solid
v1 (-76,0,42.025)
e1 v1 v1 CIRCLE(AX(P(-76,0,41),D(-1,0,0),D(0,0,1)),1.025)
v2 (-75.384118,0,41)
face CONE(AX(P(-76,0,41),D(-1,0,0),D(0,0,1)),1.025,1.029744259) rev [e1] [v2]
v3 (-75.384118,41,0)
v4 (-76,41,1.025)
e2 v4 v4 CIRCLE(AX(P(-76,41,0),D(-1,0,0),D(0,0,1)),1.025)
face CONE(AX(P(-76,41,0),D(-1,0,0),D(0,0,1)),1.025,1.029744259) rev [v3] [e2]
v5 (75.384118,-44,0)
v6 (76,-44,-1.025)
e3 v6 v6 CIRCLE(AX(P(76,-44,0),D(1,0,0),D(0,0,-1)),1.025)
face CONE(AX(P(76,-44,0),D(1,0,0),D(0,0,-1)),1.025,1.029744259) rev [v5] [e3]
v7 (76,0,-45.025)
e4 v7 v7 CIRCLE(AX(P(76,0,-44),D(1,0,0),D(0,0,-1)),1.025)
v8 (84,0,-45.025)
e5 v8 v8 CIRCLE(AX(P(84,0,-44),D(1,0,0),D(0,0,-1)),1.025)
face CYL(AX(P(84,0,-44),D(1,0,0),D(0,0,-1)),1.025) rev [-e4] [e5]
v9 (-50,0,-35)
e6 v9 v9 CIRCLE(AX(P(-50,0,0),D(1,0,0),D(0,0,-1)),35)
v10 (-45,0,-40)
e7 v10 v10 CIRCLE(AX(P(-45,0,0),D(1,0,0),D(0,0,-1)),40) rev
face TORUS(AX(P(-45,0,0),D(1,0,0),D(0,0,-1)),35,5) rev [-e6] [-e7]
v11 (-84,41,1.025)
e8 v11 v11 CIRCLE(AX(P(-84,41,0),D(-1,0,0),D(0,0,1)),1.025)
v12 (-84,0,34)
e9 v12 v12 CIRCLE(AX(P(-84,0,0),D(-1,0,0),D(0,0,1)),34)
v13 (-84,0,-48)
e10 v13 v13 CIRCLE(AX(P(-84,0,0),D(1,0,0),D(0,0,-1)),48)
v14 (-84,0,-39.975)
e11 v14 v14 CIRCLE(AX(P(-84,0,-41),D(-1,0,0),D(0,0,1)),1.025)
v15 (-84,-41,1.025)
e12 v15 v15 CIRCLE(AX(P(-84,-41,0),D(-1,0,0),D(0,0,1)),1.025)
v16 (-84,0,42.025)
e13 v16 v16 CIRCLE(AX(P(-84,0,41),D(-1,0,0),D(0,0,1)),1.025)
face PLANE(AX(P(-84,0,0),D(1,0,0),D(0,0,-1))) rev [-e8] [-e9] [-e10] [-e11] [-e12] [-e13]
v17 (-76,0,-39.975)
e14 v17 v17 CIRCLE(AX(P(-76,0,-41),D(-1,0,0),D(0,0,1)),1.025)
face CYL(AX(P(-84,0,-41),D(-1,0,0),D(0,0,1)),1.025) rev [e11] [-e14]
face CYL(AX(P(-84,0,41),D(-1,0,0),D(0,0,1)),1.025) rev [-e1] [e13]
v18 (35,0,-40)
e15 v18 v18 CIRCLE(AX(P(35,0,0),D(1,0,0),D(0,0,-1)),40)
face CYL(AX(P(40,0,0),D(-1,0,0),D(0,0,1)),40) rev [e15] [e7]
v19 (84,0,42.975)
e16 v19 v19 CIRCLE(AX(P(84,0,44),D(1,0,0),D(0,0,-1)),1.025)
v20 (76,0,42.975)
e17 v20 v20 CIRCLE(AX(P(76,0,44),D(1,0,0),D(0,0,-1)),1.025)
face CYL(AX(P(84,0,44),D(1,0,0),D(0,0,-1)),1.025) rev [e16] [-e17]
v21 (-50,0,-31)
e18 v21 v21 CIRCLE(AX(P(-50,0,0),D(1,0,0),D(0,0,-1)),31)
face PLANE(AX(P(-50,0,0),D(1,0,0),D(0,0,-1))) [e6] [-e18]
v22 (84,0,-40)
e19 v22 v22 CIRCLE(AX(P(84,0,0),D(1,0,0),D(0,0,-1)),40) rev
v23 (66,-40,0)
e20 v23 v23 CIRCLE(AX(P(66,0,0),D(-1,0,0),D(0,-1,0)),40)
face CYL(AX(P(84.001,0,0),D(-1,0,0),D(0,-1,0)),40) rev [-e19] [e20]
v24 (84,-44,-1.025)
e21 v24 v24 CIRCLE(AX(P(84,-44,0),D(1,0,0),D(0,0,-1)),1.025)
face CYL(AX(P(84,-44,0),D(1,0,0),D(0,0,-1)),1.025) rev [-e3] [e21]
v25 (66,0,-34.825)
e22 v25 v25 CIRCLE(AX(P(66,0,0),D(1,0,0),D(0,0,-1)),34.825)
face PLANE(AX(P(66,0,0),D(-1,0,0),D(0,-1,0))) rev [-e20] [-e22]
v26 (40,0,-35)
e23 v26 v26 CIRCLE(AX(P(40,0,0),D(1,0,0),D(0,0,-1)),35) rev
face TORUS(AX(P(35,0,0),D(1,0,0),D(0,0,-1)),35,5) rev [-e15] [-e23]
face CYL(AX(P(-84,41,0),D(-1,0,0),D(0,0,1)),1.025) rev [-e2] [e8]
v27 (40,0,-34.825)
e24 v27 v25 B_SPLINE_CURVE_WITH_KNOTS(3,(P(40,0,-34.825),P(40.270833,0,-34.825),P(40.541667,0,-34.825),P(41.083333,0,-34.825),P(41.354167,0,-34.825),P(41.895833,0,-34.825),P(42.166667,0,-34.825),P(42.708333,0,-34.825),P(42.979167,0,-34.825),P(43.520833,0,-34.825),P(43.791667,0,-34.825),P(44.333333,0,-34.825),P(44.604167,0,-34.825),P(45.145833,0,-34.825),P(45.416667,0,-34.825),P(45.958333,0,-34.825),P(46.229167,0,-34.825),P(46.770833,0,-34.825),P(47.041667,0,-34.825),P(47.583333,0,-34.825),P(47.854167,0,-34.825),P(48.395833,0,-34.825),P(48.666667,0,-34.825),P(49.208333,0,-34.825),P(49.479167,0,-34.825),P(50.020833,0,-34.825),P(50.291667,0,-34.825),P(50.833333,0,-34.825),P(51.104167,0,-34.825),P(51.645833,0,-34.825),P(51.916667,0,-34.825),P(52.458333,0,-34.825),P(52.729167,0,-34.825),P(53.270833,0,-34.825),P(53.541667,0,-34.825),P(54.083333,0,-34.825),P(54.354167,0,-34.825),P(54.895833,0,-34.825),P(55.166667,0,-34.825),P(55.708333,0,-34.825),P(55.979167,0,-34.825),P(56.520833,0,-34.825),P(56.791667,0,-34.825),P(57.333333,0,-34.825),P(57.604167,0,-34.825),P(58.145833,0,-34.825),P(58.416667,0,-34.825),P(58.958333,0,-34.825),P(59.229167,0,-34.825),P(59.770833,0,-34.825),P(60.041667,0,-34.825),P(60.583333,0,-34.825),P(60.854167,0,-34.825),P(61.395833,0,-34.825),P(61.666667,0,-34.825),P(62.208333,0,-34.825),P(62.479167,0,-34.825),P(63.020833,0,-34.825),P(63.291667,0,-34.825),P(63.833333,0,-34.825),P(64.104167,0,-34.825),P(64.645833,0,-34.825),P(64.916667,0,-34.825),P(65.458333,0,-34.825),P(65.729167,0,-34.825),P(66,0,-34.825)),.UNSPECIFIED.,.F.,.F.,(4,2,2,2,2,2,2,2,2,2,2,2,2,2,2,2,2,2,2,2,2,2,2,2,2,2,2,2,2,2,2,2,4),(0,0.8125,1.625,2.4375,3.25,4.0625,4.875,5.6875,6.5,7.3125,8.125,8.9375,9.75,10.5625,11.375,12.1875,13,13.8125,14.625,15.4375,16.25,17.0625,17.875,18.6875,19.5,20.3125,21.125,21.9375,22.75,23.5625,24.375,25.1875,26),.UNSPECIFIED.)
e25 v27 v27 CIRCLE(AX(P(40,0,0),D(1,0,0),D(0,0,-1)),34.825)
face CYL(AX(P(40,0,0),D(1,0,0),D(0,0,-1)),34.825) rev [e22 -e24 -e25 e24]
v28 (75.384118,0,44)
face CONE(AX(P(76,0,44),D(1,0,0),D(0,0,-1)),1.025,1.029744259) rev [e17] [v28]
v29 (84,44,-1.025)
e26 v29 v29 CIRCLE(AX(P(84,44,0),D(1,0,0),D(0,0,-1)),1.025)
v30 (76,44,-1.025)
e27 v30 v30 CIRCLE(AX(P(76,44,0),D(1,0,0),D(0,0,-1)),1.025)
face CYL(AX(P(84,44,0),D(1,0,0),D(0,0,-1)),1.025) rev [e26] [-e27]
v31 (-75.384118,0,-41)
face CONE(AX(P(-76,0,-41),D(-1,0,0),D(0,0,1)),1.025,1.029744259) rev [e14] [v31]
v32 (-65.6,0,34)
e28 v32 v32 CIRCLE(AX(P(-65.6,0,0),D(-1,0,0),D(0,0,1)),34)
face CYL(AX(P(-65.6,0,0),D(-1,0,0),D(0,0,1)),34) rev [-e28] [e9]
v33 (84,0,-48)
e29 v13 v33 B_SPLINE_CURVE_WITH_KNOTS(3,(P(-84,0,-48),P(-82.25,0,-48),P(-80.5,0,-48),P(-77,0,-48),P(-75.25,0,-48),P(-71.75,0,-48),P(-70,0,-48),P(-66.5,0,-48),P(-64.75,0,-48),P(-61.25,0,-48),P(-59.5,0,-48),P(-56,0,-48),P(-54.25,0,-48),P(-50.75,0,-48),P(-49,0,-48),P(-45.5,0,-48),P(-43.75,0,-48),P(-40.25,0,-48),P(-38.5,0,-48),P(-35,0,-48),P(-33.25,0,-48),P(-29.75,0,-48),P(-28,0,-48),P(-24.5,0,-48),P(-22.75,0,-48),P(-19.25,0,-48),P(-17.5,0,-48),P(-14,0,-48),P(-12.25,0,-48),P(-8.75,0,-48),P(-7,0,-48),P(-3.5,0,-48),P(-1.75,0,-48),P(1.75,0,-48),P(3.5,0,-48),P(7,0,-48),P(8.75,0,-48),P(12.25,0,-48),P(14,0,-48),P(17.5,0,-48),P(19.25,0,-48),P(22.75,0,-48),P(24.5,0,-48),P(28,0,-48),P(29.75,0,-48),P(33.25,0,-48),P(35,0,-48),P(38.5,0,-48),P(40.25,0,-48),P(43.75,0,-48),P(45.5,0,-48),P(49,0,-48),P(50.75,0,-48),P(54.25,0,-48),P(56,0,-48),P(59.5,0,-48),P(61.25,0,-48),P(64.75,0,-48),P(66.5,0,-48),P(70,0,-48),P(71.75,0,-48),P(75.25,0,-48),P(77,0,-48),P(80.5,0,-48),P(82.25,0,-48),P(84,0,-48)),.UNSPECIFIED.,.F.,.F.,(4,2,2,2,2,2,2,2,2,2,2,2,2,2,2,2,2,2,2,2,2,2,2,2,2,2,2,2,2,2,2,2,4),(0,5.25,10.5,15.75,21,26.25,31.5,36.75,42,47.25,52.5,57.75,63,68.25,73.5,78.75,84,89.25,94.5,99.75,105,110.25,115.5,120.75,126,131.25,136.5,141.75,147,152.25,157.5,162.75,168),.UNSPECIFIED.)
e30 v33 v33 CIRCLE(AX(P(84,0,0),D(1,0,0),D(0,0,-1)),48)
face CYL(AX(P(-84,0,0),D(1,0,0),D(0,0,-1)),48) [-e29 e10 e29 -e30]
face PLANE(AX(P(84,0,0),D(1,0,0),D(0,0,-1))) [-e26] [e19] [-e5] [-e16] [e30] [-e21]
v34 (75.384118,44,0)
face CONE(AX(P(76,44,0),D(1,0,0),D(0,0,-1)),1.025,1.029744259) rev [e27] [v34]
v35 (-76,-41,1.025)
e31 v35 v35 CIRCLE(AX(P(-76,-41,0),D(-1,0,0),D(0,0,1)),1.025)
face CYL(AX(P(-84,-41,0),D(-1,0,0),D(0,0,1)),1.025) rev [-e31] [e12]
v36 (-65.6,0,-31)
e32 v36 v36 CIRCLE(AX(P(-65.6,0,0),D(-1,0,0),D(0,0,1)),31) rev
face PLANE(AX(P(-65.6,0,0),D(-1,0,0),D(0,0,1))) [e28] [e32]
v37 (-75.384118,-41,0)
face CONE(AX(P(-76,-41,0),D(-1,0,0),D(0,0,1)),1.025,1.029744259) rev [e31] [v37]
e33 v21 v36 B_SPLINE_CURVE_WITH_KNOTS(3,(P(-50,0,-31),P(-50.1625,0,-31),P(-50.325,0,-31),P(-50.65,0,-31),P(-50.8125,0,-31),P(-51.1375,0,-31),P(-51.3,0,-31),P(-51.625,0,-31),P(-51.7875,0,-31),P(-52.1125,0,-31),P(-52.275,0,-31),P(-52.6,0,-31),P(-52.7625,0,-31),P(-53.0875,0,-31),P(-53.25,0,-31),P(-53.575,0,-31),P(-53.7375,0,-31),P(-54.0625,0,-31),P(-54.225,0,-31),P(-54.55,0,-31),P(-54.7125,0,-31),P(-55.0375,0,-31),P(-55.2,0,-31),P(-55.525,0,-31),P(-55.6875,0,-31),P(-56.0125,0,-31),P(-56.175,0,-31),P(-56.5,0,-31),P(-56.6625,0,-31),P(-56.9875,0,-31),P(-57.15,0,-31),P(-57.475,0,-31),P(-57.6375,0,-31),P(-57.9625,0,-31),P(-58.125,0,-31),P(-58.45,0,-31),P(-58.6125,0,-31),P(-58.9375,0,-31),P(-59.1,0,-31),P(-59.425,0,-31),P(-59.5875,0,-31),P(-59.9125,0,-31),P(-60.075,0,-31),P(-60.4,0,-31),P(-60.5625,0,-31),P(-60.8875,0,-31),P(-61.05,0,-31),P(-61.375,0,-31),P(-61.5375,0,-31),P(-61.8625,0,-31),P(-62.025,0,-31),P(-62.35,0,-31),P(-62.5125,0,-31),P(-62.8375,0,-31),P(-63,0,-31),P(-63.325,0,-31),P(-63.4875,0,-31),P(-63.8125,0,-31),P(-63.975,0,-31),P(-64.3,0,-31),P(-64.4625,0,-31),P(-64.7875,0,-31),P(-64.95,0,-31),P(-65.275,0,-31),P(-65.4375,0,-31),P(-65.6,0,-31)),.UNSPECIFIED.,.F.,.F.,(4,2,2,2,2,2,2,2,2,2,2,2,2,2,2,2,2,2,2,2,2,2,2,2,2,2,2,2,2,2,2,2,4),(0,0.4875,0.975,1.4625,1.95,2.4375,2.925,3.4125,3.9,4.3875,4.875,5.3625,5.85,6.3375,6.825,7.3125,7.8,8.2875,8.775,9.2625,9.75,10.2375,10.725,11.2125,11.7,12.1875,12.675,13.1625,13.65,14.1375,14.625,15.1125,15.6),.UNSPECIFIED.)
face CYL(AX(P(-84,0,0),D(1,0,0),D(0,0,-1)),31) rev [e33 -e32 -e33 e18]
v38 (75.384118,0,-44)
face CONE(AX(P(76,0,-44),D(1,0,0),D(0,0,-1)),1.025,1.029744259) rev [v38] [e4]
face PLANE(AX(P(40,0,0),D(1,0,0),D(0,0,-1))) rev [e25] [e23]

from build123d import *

# Parameters (mm, degrees)
BOSS_EXTRUDE1_DEPTH          = 84
BOSS_EXTRUDE1_DEPTH_BACK     = 84
SKETCH2_R                    = 48
CUT_EXTRUDE1_DEPTH           = 40
CUT_EXTRUDE1_DEPTH_BACK      = 50
SKETCH3_R                    = 40
CUT_EXTRUDE2_DEPTH           = 109
CUT_EXTRUDE2_DEPTH_BACK      = 109
SKETCH4_R                    = 31
FILLET1_R                    = 5
CUT_EXTRUDE3_REACH           = 176
CUT_EXTRUDE3_START           = -66
SKETCH5_R                    = 40
SKETCH6_R                    = 34
CUT_EXTRUDE4_DEPTH           = 18.4
M2_5X0_45_TAPPED_HOLE1_D     = 2.05
M2_5X0_45_TAPPED_HOLE1_DEPTH = 8
M2_5X0_45_TAPPED_HOLE1_TIP   = 0.615882135
M2_5X0_45_TAPPED_HOLE2_D     = 2.05
M2_5X0_45_TAPPED_HOLE2_DEPTH = 8
M2_5X0_45_TAPPED_HOLE2_TIP   = 0.615882135
CUT_EXTRUDE6_START           = -18
SKETCH14_R                   = 34.825
CUT_EXTRUDE6_DEPTH           = 26


with BuildPart() as part:
    # Sketch2 → Boss-Extrude1 (new, two sides: drawn at the far end of the back side and taken through both)
    with BuildSketch(Plane(origin=(0, 0, 0), x_dir=(0, -1, 0), z_dir=(1, 0, 0)).offset(-BOSS_EXTRUDE1_DEPTH_BACK)):
        with Locations(Location((0, 0, 0), (0, 0, 90))):
            Circle(SKETCH2_R)
    extrude(amount=BOSS_EXTRUDE1_DEPTH + BOSS_EXTRUDE1_DEPTH_BACK)

    # Sketch3 → Cut-Extrude1 (cut, two sides: drawn at the far end of the back side and taken through both)
    with BuildSketch(Plane(origin=(0, 0, 0), x_dir=(0, -1, 0), z_dir=(1, 0, 0)).offset(-CUT_EXTRUDE1_DEPTH_BACK)):
        with Locations(Location((0, 0, 0), (0, 0, 90))):
            Circle(SKETCH3_R)
    extrude(amount=CUT_EXTRUDE1_DEPTH + CUT_EXTRUDE1_DEPTH_BACK, mode=Mode.SUBTRACT)

    # Sketch4 → Cut-Extrude2 (cut, two sides: drawn at the far end of the back side and taken through both)
    with BuildSketch(Plane(origin=(0, 0, 0), x_dir=(0, -1, 0), z_dir=(1, 0, 0)).offset(-CUT_EXTRUDE2_DEPTH_BACK)):
        with Locations(Location((0, 0, 0), (0, 0, 90))):
            Circle(SKETCH4_R)
    extrude(amount=CUT_EXTRUDE2_DEPTH + CUT_EXTRUDE2_DEPTH_BACK, mode=Mode.SUBTRACT)

    # Fillet1
    fillet1_edges = [part.edges().sort_by_distance(p)[0] for p in [
        (40, 0, 40),
        (-50, 0, 40),
    ]]
    fillet(fillet1_edges, radius=FILLET1_R)

    # Sketch5 → Cut-Extrude3 (cut, up to next)
    with BuildSketch(Plane(origin=(0, 0, 0), x_dir=(0, 0, -1), z_dir=(-1, 0, 0)).offset(CUT_EXTRUDE3_START), mode=Mode.PRIVATE) as cut_extrude3_sk1:
        Circle(SKETCH5_R)
    cut_extrude3_tool1 = extrude(cut_extrude3_sk1.sketch, amount=-CUT_EXTRUDE3_REACH, mode=Mode.PRIVATE) & part.part
    add(cut_extrude3_tool1.solids().sort_by_distance((66, 0, 0))[0], mode=Mode.SUBTRACT)

    # Sketch6 → Cut-Extrude4 (cut)
    with BuildSketch(Plane.ZY.offset(84)):
        Circle(SKETCH6_R)
    extrude(amount=-CUT_EXTRUDE4_DEPTH, mode=Mode.SUBTRACT)

    # M2.5x0.45 Tapped Hole1
    with Locations(Plane(origin=(84, 0, 0), x_dir=(0, 0, -1), z_dir=(1, 0, 0))):
        with Locations((256.353874164, 80.103153953), (0, -44), (-44, 0), (0, 44), (44, 0)):
            Hole(M2_5X0_45_TAPPED_HOLE1_D / 2, depth=M2_5X0_45_TAPPED_HOLE1_DEPTH)
            with Locations((0, 0, -(M2_5X0_45_TAPPED_HOLE1_DEPTH + M2_5X0_45_TAPPED_HOLE1_TIP / 2))):  # 118° drill point
                Cone(0, M2_5X0_45_TAPPED_HOLE1_D / 2, M2_5X0_45_TAPPED_HOLE1_TIP, mode=Mode.SUBTRACT)

    # M2.5x0.45 Tapped Hole2
    with Locations(Plane.ZY.offset(84)):
        with Locations((0, 41), (0, -41), (41, 0), (-41, 0)):
            Hole(M2_5X0_45_TAPPED_HOLE2_D / 2, depth=M2_5X0_45_TAPPED_HOLE2_DEPTH)
            with Locations((0, 0, -(M2_5X0_45_TAPPED_HOLE2_DEPTH + M2_5X0_45_TAPPED_HOLE2_TIP / 2))):  # 118° drill point
                Cone(0, M2_5X0_45_TAPPED_HOLE2_D / 2, M2_5X0_45_TAPPED_HOLE2_TIP, mode=Mode.SUBTRACT)

    # Sketch14 → Cut-Extrude6 (cut)
    with BuildSketch(Plane(origin=(84, 0, 0), x_dir=(0, 0, -1), z_dir=(1, 0, 0)).offset(CUT_EXTRUDE6_START)):
        Circle(SKETCH14_R)
    extrude(amount=-CUT_EXTRUDE6_DEPTH, mode=Mode.SUBTRACT)


solid = part.part
